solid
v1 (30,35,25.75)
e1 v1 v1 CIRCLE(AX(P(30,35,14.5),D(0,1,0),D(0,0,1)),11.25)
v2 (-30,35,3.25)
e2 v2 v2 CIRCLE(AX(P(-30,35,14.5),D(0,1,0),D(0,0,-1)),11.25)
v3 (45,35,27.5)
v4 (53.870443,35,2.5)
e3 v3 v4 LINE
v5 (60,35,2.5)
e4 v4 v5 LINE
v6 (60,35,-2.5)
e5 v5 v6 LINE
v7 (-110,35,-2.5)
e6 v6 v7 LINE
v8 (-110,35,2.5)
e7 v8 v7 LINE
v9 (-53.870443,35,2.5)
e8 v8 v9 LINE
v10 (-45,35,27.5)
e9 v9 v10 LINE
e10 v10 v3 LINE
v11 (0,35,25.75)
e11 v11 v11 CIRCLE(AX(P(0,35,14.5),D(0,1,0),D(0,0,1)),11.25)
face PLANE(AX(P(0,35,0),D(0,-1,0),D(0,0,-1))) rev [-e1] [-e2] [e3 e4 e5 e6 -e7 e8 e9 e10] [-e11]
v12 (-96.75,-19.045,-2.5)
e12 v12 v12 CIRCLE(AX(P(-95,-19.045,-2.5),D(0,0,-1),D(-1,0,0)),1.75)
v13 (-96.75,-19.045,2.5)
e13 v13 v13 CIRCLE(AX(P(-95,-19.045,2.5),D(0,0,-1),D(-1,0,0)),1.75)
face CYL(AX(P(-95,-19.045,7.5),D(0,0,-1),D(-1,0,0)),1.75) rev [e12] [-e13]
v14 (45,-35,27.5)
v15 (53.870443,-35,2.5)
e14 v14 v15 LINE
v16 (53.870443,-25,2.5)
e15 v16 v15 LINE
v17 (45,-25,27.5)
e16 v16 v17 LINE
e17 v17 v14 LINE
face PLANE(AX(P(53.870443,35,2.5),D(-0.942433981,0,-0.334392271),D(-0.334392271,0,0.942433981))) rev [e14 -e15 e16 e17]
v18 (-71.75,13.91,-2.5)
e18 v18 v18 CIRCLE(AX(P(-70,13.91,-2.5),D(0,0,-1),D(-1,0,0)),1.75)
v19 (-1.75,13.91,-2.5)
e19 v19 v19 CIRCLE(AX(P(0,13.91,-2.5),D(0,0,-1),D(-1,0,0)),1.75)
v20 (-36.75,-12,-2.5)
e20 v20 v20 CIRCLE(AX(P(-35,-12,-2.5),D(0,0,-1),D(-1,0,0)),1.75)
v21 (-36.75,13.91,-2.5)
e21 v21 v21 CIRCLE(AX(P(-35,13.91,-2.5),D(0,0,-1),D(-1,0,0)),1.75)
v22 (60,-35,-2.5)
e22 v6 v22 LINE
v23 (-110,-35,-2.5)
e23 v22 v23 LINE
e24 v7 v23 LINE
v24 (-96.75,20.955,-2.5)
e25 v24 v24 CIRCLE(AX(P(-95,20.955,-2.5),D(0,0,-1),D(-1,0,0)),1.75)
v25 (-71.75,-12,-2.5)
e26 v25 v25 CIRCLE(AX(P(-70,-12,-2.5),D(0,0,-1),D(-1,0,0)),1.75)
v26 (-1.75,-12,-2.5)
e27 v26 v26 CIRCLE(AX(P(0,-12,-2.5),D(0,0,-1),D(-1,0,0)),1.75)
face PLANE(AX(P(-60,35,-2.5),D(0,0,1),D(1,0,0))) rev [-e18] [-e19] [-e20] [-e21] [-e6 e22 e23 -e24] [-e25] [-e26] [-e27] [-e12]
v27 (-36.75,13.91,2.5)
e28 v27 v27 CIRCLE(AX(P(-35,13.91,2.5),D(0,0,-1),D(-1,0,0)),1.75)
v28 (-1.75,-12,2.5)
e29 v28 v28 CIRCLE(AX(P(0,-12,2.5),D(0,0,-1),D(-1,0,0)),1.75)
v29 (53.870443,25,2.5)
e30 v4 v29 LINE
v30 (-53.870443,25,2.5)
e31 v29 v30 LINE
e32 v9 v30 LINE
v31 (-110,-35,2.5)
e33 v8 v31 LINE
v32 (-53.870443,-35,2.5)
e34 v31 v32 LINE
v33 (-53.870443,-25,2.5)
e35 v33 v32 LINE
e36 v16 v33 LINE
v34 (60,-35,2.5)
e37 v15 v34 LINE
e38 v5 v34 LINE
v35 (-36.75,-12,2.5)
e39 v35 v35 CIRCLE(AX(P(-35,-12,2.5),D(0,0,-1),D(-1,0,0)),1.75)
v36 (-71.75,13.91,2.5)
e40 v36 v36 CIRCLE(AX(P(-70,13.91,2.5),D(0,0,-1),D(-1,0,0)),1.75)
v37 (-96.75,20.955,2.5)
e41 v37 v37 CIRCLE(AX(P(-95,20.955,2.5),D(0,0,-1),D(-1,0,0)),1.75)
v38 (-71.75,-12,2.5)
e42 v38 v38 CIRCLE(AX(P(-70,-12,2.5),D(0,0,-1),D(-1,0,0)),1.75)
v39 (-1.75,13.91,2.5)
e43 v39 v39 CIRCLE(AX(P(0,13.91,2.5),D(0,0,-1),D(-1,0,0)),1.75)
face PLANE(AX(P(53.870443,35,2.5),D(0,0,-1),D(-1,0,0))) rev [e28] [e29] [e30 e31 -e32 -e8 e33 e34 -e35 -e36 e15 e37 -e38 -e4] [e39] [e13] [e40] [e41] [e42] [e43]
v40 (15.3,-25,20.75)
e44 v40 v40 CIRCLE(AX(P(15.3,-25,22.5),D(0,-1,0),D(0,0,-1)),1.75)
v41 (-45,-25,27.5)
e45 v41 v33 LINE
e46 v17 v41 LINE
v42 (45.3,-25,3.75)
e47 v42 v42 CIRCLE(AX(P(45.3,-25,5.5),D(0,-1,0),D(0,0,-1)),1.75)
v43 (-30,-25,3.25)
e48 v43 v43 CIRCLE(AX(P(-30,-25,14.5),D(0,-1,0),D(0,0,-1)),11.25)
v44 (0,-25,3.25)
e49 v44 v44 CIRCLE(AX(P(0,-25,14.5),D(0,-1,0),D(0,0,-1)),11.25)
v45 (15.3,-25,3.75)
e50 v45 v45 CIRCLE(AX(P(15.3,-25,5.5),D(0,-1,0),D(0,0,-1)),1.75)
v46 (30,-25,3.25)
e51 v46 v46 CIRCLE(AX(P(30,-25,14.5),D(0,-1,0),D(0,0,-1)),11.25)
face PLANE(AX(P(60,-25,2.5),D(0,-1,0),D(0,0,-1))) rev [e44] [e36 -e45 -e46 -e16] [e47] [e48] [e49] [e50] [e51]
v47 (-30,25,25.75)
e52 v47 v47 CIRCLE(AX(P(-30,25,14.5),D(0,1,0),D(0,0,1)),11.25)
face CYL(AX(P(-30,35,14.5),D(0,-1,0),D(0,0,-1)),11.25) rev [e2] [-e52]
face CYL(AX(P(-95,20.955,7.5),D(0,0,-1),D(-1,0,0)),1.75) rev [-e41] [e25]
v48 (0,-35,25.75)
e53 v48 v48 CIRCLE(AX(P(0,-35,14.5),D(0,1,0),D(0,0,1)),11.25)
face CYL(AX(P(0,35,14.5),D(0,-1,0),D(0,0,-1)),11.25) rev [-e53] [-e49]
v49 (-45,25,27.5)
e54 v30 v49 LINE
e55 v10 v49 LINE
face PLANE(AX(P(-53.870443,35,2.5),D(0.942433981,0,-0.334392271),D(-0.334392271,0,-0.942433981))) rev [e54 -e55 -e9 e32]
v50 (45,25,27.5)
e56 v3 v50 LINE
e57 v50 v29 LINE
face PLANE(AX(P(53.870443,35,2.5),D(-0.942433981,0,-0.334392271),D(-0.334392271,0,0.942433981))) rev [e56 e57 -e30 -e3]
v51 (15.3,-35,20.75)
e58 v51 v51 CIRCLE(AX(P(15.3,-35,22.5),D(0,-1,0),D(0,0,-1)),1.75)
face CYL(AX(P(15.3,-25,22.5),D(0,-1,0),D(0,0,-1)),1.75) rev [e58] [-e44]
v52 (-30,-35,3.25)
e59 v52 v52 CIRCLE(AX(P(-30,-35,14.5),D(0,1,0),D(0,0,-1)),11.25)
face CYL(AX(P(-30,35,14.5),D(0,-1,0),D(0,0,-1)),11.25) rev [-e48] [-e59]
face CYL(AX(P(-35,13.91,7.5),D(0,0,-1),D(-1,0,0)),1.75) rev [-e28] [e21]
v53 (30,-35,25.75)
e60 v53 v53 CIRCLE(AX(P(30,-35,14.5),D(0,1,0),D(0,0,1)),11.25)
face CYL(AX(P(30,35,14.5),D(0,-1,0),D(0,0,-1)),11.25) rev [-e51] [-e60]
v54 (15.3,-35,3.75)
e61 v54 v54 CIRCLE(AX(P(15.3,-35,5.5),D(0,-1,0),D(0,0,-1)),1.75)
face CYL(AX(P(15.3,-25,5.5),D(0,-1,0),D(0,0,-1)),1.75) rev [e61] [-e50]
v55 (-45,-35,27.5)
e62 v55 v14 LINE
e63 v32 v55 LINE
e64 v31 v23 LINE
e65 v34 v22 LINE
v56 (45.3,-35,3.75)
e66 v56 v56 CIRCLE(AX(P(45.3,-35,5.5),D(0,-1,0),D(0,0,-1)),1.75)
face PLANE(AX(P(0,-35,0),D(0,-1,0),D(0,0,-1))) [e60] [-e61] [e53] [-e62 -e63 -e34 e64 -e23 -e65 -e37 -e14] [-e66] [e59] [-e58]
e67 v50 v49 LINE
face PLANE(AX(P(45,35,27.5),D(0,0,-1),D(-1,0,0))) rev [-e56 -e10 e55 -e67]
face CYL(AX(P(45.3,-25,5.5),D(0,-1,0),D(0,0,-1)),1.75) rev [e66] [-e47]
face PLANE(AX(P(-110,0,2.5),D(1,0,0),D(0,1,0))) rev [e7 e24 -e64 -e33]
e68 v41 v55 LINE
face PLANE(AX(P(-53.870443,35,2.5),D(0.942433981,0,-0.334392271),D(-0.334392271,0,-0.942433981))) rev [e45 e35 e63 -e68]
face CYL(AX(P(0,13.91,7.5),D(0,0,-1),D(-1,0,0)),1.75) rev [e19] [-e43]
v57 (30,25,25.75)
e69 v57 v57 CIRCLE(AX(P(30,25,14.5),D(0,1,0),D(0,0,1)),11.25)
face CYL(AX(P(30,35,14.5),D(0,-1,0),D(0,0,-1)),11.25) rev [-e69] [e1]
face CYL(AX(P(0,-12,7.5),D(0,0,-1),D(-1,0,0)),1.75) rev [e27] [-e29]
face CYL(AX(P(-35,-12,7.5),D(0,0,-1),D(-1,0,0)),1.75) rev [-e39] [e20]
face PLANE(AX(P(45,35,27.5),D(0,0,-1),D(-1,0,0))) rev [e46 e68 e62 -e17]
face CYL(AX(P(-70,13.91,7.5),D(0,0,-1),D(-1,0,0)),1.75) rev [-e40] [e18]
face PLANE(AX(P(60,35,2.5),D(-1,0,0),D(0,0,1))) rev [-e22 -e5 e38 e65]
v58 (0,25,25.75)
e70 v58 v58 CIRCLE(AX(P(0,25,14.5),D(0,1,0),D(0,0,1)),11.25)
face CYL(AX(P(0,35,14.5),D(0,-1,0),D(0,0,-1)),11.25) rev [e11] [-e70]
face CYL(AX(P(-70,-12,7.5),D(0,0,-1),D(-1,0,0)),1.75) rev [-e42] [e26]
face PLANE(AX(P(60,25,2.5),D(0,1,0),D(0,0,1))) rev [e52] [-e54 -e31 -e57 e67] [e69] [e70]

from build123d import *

# Parameters (mm, degrees)
SKETCH_1_R          = 11.25
EXTRUDE_1_DEPTH     = 35
SKETCH_2_W          = 25
SKETCH_2_H          = 50
CUT_EXTRUDE1_DEPTH  = 147.905581923
SKETCH1_W           = 30
SKETCH1_H           = 70
BOSS_EXTRUDE1_DEPTH = 5
SKETCH3_R           = 1.75
CUT_EXTRUDE4_DEPTH  = 10
SKETCH_3_R          = 1.75
CUT_EXTRUDE_2_DEPTH = 10


with BuildPart() as part:
    # Эскиз1 → Бобышка-Вытянуть1 (new, symmetric)
    with BuildSketch(Plane(origin=(0, 0, 0), x_dir=(1, 0, 0), z_dir=(0, 1, 0))):
        Polygon((-60, -2.5), (-53.870442851, -2.5), (-45, -27.5), (45, -27.5), (53.870442851, -2.5), (60, -2.5), (60, 2.5), (-60, 2.5), (-80, 2.5), (-80, -2.5), align=None)
        with Locations(Location((0, -14.5, 0), (0, 0, 270))):
            Circle(SKETCH_1_R, mode=Mode.SUBTRACT)
        with Locations(Location((30, -14.5, 0), (0, 0, 270))):
            Circle(SKETCH_1_R, mode=Mode.SUBTRACT)
        with Locations(Location((-30, -14.5, 0), (0, 0, 90))):
            Circle(SKETCH_1_R, mode=Mode.SUBTRACT)
    extrude(amount=EXTRUDE_1_DEPTH, both=True)

    # Эскиз2 → Cut-Extrude1 (cut, through all)
    with BuildSketch(Plane.ZY.offset(80)):
        with Locations((15, 0)):
            Rectangle(SKETCH_2_W, SKETCH_2_H)
    extrude(amount=-CUT_EXTRUDE1_DEPTH, mode=Mode.SUBTRACT)

    # Sketch1 → Boss-Extrude1 (add)
    with BuildSketch(Plane(origin=(0, 0, -2.5), x_dir=(-1, 0, 0), z_dir=(0, 0, -1))):
        with Locations((95, 0)):
            Rectangle(SKETCH1_W, SKETCH1_H)
    extrude(amount=-BOSS_EXTRUDE1_DEPTH)

    # Sketch3 → Cut-Extrude4 (cut)
    with BuildSketch(Plane.XZ.offset(35)):
        with Locations(Location((45.3, 5.5, 0), (0, 0, 270))):
            Circle(SKETCH3_R)
        with Locations(Location((15.3, 22.5, 0), (0, 0, 270))):
            Circle(SKETCH3_R)
        with Locations(Location((15.3, 5.5, 0), (0, 0, 270))):
            Circle(SKETCH3_R)
    extrude(amount=-CUT_EXTRUDE4_DEPTH, mode=Mode.SUBTRACT)

    # Эскиз3 → Вырез-Вытянуть2 (cut)
    with BuildSketch(Plane(origin=(0, 0, -2.5), x_dir=(-1, 0, 0), z_dir=(0, 0, -1))):
        with Locations((0, -12)):
            Circle(SKETCH_3_R)
        with Locations((35, -12)):
            Circle(SKETCH_3_R)
        with Locations((70, -12)):
            Circle(SKETCH_3_R)
        with Locations((35, 13.91)):
            Circle(SKETCH_3_R)
        with Locations((70, 13.91)):
            Circle(SKETCH_3_R)
        with Locations((0, 13.91)):
            Circle(SKETCH_3_R)
        with Locations((95, 20.955)):
            Circle(SKETCH_3_R)
        with Locations((95, -19.045)):
            Circle(SKETCH_3_R)
    extrude(amount=-CUT_EXTRUDE_2_DEPTH, mode=Mode.SUBTRACT)


solid = part.part
